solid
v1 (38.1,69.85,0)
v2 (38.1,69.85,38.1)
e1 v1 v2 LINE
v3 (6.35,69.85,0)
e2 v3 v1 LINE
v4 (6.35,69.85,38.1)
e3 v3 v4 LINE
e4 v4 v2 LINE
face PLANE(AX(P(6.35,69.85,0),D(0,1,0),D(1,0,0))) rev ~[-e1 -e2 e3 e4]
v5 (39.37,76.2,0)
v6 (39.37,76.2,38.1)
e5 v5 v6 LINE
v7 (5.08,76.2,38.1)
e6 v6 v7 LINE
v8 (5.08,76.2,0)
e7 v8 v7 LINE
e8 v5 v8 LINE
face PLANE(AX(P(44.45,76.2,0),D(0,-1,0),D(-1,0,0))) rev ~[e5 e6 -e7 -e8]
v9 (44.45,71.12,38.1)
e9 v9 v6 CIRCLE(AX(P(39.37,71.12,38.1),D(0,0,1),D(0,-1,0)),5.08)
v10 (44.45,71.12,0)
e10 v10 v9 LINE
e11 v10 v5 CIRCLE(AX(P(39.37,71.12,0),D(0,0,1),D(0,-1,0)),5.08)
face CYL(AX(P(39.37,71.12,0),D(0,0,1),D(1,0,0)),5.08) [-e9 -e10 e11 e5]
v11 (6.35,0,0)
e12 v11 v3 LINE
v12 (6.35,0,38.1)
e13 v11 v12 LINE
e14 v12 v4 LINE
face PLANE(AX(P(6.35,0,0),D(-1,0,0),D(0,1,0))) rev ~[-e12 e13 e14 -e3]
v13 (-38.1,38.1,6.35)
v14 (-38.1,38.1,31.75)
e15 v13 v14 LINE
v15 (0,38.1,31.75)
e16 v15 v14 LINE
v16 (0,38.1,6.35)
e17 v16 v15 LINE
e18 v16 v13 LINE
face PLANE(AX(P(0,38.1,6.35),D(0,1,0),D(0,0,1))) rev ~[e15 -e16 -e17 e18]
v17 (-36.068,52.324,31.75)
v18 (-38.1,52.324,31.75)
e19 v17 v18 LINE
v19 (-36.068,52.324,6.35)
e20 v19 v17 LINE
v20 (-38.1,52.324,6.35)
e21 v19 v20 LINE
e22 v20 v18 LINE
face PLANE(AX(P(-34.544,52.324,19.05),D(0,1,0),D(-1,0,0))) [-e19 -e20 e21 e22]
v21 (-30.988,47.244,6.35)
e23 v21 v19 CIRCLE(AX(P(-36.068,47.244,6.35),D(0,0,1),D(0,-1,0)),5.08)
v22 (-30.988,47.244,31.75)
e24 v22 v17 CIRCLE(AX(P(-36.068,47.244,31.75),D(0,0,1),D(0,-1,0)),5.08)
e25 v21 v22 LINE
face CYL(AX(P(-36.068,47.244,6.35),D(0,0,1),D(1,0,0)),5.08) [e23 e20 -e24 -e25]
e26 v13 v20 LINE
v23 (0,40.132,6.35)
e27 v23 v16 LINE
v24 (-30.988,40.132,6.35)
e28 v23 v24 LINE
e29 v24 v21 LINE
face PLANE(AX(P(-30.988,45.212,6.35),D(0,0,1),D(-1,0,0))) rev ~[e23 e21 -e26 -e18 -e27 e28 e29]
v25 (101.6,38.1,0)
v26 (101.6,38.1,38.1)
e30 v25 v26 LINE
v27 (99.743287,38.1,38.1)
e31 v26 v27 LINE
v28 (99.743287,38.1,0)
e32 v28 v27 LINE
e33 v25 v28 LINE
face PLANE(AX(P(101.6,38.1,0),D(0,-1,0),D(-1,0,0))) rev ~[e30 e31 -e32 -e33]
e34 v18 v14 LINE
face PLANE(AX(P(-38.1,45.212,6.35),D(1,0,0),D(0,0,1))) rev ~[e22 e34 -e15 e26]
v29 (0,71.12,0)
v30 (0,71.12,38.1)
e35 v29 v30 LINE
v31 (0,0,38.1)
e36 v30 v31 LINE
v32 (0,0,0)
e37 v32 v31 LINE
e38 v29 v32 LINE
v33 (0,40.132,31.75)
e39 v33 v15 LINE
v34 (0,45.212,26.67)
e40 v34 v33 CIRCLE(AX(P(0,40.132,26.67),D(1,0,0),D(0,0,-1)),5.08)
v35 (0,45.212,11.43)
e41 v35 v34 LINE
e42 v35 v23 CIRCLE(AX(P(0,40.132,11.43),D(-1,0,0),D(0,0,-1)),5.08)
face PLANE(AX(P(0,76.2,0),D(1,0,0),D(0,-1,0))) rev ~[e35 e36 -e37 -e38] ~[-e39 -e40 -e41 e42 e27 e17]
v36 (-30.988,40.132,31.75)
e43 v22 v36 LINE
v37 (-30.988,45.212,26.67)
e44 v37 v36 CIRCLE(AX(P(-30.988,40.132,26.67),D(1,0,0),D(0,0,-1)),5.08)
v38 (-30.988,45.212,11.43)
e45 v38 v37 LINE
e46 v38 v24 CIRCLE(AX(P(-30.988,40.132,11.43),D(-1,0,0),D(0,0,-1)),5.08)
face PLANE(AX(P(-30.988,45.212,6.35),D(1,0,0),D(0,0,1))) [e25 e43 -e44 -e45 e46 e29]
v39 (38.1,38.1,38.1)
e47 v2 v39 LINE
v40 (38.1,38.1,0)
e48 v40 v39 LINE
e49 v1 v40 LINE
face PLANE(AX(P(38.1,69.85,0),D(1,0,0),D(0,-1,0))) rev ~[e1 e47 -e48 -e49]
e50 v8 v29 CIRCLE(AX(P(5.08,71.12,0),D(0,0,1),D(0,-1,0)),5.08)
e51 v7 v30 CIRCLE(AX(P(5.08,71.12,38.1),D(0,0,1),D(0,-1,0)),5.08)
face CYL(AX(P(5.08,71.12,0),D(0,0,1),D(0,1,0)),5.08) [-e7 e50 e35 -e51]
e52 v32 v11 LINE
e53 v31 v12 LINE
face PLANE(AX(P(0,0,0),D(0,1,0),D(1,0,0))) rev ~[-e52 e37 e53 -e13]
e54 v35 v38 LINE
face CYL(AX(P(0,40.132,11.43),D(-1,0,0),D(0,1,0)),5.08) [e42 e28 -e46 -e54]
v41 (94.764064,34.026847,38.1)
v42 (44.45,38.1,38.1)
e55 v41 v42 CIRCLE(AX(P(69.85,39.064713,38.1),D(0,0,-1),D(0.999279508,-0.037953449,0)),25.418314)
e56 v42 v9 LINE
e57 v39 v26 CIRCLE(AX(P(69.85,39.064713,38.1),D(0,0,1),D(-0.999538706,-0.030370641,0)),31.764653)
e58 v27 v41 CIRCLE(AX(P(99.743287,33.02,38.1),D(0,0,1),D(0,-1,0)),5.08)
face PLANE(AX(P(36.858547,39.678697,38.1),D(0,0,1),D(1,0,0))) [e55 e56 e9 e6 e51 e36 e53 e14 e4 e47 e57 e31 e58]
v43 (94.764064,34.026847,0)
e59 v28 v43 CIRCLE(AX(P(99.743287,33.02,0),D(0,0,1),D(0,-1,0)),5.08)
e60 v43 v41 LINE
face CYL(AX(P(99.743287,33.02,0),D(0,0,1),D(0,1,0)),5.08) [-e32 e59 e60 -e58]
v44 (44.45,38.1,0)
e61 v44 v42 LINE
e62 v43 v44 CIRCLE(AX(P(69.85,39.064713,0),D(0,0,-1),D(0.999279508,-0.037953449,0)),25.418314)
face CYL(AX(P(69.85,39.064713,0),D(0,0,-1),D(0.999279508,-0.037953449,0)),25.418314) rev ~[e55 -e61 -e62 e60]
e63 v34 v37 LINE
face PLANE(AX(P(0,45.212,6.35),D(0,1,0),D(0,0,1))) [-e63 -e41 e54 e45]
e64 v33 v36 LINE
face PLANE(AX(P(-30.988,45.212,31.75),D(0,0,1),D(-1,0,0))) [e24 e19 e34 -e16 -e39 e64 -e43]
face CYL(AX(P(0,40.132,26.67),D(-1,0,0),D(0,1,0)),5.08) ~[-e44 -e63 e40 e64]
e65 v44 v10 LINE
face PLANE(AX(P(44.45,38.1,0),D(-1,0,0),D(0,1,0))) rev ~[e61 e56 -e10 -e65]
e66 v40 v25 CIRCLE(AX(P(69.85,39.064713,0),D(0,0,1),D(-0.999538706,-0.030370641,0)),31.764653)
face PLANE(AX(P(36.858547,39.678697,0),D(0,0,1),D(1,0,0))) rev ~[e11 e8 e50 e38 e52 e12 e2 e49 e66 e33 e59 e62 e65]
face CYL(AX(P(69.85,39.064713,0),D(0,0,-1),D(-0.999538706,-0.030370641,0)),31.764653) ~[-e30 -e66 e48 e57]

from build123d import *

# Parameters (mm, degrees)
F1_DEPTH = 38.1
F2_R     = 5.08
F3_R     = 5.08
F4_W     = 7.112
F4_H     = 25.4
F5_DEPTH = 38.1
F6_W     = 7.112
F6_H     = 25.4
F7_DEPTH = 7.112
F8_R     = 5.08


with BuildPart() as f1:
    # F0 (on Top) → F1 (new body)
    with BuildSketch(Plane.XY):
        with BuildLine():
            Line((0, 76.2), (0, 0))
            Line((0, 0), (6.35, 0))
            Line((6.35, 0), (6.35, 69.85))
            Line((6.35, 69.85), (38.1, 69.85))
            Line((38.1, 69.85), (38.1, 38.1))
            ThreePointArc((38.1, 38.1), (69.85, 7.30006), (101.6, 38.1))
            Line((101.6, 38.1), (95.25, 38.1))
            ThreePointArc((95.25, 38.1), (69.85, 13.646399), (44.45, 38.1))
            Line((44.45, 38.1), (44.45, 76.2))
            Line((44.45, 76.2), (0, 76.2))
        make_face()
    extrude(amount=F1_DEPTH)

    # F2
    f2_edges = [f1.edges().sort_by_distance(p)[0] for p in [
        (95.25, 38.1, 19.05),
    ]]
    fillet(f2_edges, radius=F2_R)

    # F3
    f3_edges = [f1.edges().sort_by_distance(p)[0] for p in [
        (44.45, 76.2, 19.05),
        (0, 76.2, 19.05),
    ]]
    fillet(f3_edges, radius=F3_R)

    # F4 (on face) → F5 (join)
    with BuildSketch(Plane(origin=(0, 0, 0), x_dir=(0, -1, 0), z_dir=(-1, 0, 0))):
        with Locations((-41.656, 19.05)):
            Rectangle(F4_W, F4_H)
    extrude(amount=F5_DEPTH)

    # F6 (on face) → F7 (join)
    with BuildSketch(Plane(origin=(0, 45.212, 0), x_dir=(-1, 0, 0), z_dir=(0, 1, 0))):
        with Locations((34.544, 19.05)):
            Rectangle(F6_W, F6_H)
    extrude(amount=F7_DEPTH)

    # F8
    f8_edges = [f1.edges().sort_by_distance(p)[0] for p in [
        (-15.494, 45.212, 31.75),
        (-15.494, 45.212, 6.35),
        (-30.988, 52.324, 19.05),
    ]]
    fillet(f8_edges, radius=F8_R)


solid = f1.part
